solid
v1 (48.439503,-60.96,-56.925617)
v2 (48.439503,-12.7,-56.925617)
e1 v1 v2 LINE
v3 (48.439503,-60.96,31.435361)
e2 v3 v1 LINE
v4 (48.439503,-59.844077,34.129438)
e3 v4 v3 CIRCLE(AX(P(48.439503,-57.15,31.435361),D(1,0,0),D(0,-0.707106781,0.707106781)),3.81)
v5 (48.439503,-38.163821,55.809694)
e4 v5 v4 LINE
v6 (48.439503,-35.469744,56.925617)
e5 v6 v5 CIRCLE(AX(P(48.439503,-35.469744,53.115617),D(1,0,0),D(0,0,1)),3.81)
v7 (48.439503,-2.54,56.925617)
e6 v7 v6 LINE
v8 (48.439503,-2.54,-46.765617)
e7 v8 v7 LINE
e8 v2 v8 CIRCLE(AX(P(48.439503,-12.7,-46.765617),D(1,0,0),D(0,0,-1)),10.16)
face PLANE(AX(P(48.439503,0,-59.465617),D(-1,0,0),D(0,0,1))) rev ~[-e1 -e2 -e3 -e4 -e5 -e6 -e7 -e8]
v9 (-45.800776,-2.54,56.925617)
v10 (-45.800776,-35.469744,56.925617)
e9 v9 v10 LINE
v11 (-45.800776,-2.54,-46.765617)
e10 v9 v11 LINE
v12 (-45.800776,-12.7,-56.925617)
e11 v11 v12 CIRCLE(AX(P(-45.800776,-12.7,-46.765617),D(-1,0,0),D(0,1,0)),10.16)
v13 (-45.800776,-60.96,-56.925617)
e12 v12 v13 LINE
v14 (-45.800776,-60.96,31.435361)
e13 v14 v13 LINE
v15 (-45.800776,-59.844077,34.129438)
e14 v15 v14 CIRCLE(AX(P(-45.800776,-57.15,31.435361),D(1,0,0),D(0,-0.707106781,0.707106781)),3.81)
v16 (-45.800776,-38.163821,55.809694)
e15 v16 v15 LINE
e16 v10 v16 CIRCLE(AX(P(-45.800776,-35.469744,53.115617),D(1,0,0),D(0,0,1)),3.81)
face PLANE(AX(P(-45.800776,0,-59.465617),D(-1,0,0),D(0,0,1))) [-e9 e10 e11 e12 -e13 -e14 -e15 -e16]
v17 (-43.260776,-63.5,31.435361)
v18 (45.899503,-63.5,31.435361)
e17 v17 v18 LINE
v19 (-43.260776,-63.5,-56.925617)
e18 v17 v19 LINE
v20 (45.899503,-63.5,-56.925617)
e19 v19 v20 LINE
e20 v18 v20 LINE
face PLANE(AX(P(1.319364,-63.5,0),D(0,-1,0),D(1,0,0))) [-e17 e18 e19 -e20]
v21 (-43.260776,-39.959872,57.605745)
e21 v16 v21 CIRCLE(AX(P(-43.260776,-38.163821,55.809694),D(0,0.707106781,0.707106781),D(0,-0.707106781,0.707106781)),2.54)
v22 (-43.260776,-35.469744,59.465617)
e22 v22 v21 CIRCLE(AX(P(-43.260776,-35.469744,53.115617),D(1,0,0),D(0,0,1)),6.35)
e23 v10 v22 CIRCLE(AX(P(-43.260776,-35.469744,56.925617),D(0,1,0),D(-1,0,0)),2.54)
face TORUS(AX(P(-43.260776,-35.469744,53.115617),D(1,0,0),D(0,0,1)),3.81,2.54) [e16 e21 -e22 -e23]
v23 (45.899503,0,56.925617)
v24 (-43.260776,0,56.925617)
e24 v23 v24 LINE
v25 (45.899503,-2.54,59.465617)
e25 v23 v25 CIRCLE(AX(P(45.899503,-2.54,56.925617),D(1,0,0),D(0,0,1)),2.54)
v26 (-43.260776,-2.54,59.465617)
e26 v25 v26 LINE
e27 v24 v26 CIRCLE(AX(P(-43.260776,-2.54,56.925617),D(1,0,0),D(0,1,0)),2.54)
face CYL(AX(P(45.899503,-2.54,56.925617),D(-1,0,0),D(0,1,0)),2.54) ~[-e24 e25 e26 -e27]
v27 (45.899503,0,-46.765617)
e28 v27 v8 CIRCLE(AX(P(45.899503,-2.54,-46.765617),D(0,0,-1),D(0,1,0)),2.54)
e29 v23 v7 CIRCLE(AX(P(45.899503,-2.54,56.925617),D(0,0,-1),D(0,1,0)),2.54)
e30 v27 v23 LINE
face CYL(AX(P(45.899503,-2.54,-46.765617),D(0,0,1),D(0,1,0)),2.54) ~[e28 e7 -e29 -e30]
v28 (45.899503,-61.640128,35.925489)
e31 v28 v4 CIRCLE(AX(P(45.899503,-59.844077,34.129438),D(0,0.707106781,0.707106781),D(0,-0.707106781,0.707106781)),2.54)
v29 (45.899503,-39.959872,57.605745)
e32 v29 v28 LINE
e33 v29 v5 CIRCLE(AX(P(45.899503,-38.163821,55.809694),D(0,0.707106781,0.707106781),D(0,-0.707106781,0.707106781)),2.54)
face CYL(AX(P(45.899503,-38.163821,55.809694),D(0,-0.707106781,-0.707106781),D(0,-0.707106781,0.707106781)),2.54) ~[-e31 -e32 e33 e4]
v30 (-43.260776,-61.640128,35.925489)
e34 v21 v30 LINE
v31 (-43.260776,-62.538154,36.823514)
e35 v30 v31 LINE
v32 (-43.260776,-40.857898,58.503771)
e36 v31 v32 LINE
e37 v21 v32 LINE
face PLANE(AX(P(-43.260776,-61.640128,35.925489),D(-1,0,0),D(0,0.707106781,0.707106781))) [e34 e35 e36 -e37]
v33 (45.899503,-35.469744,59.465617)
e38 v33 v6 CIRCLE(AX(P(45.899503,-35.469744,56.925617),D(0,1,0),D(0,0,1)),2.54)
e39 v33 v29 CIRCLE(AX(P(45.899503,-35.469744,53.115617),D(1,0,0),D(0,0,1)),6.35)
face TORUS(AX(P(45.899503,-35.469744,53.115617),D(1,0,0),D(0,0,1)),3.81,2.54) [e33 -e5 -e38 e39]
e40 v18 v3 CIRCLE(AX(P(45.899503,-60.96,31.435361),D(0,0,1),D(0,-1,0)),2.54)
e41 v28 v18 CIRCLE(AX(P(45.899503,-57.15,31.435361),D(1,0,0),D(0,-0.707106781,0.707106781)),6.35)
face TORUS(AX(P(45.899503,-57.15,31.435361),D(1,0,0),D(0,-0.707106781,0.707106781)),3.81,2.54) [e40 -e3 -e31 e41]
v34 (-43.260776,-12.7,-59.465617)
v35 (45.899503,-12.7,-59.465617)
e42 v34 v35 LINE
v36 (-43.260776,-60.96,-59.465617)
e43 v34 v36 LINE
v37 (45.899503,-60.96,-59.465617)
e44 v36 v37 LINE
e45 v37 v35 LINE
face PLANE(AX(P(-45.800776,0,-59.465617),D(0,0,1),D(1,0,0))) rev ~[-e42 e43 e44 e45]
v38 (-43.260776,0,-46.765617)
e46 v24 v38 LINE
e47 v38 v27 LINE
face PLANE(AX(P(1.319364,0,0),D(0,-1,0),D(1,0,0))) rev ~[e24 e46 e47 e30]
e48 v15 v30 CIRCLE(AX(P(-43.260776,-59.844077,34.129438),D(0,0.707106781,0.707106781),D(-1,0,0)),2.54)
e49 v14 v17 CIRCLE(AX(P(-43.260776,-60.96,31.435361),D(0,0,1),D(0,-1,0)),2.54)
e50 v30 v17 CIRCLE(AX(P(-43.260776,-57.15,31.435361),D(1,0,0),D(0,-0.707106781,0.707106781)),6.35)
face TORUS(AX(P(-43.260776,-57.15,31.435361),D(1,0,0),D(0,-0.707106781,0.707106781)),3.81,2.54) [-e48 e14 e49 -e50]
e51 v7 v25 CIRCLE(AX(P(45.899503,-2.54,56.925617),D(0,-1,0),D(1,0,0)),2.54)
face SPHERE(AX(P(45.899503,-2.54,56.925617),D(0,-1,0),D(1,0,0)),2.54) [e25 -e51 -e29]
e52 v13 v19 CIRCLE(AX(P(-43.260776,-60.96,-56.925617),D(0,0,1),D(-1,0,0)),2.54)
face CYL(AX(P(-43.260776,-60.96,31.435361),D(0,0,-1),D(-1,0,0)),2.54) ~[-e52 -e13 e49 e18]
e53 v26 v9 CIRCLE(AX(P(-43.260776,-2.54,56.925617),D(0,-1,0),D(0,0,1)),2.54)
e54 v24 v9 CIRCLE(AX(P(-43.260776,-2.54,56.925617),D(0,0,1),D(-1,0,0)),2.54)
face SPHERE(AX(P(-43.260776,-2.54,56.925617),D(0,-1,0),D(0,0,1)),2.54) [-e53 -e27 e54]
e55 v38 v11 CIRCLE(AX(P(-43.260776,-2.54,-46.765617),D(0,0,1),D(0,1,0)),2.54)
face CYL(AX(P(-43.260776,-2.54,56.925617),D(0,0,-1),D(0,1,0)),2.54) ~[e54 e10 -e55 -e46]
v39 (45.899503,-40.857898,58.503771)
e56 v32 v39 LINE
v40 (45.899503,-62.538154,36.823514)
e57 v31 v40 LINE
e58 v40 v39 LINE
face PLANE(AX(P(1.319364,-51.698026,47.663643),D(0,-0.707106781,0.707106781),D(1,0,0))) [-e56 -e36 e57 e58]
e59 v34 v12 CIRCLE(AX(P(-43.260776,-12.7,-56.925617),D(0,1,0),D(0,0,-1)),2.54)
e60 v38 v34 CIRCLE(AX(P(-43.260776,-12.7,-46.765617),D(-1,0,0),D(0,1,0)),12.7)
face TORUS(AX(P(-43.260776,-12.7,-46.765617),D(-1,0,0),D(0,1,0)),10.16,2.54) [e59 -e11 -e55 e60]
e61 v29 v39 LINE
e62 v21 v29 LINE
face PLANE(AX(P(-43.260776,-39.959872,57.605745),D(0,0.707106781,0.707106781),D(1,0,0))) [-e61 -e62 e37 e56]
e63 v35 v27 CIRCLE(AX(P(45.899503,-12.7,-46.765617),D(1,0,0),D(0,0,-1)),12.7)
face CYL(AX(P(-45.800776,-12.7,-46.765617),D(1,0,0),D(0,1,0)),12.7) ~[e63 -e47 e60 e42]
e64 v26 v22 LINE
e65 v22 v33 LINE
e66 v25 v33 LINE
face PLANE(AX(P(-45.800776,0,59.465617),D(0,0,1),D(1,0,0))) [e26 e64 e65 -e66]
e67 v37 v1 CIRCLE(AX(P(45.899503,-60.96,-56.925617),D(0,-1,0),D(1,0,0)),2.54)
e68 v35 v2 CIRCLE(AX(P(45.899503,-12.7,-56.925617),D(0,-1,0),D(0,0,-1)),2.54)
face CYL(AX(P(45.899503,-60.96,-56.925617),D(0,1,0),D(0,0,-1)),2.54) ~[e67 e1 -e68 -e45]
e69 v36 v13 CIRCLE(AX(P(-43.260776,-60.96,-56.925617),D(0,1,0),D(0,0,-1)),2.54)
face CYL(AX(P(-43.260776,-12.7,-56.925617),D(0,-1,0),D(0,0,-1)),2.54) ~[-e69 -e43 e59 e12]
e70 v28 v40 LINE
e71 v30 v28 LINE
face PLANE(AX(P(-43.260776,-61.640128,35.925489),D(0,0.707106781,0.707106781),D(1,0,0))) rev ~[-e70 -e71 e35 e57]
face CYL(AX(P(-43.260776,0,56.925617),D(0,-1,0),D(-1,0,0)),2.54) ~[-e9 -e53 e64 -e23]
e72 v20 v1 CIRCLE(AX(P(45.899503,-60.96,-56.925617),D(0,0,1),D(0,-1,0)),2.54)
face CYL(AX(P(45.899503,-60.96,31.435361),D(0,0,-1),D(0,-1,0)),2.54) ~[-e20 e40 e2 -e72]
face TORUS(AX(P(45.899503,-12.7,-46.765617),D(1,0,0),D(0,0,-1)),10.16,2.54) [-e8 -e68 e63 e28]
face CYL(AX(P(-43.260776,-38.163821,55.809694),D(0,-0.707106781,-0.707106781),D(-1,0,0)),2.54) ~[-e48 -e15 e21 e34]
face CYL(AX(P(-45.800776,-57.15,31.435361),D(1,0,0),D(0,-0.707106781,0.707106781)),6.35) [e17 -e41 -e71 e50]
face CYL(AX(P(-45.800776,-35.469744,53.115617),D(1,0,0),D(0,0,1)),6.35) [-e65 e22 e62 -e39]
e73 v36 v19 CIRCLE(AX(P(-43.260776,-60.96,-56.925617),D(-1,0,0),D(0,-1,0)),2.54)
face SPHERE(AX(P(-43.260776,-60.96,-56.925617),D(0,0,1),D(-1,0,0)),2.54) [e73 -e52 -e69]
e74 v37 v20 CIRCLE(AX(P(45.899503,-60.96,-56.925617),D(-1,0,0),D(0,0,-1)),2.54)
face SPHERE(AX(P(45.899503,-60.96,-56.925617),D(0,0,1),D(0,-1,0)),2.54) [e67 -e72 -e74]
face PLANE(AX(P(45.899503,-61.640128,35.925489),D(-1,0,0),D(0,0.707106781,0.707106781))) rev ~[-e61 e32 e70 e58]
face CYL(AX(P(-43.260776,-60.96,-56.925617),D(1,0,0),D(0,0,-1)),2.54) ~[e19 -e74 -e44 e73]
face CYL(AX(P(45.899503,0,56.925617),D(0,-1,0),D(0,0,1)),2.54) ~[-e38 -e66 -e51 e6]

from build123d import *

# Parameters (mm, degrees)
F0_W     = 94.2402782384
F0_H     = 118.9312338829
F1_DEPTH = 63.5
F2_SIZE  = 25.4
F3_R     = 6.35
F4_R     = 2.54
F5_R     = 12.7
F6_R     = 2.54
F7_W     = 89.1602782384
F7_H     = 30.6605122421
F8_DEPTH = 1.27


with BuildPart() as f1:
    # F0 (on Front) → F1 (new body)
    with BuildSketch(Plane.XZ):
        with Locations((1.3193635968, 0)):
            Rectangle(F0_W, F0_H)
    extrude(amount=F1_DEPTH)

    # F2
    f2_edges = [f1.edges().sort_by_distance(p)[0] for p in [
        (1.319364, -63.5, 59.465617),
    ]]
    chamfer(f2_edges, length=F2_SIZE)

    # F3
    f3_edges = [f1.edges().sort_by_distance(p)[0] for p in [
        (1.319364, -63.5, 34.065617),
        (1.319364, -38.1, 59.465617),
    ]]
    fillet(f3_edges, radius=F3_R)

    # F4
    f4_edges = [f1.edges().sort_by_distance(p)[0] for p in [
        (-45.800776, -17.734872, 59.465617),
        (-45.800776, -50.8, 46.765617),
        (-45.800776, -63.5, -14.015128),
        (-45.800776, -63.016635, 33.865401),
        (-45.800776, -37.899784, 58.982252),
        (48.439503, -17.734872, 59.465617),
        (48.439503, -37.899784, 58.982252),
        (48.439503, -50.8, 46.765617),
        (48.439503, -63.016635, 33.865401),
        (48.439503, -63.5, -14.015128),
    ]]
    fillet(f4_edges, radius=F4_R)

    # F5
    f5_edges = [f1.edges().sort_by_distance(p)[0] for p in [
        (1.319364, 0, -59.465617),
    ]]
    fillet(f5_edges, radius=F5_R)

    # F6
    f6_edges = [f1.edges().sort_by_distance(p)[0] for p in [
        (48.439503, 0, 5.08),
        (48.439503, -3.719744, -55.745873),
        (-45.800776, 0, 5.08),
        (-45.800776, -3.719744, -55.745873),
    ]]
    fillet(f6_edges, radius=F6_R)

    # F7 (on face) → F8 (join)
    with BuildSketch(Plane(origin=(0, -48.7828084707, 48.7828084707), x_dir=(1, 0, 0), z_dir=(0, -0.7071067812, 0.7071067812))):
        with Locations((1.3193635968, -2.8527396186)):
            Rectangle(F7_W, F7_H)
    extrude(amount=F8_DEPTH)


solid = f1.part
